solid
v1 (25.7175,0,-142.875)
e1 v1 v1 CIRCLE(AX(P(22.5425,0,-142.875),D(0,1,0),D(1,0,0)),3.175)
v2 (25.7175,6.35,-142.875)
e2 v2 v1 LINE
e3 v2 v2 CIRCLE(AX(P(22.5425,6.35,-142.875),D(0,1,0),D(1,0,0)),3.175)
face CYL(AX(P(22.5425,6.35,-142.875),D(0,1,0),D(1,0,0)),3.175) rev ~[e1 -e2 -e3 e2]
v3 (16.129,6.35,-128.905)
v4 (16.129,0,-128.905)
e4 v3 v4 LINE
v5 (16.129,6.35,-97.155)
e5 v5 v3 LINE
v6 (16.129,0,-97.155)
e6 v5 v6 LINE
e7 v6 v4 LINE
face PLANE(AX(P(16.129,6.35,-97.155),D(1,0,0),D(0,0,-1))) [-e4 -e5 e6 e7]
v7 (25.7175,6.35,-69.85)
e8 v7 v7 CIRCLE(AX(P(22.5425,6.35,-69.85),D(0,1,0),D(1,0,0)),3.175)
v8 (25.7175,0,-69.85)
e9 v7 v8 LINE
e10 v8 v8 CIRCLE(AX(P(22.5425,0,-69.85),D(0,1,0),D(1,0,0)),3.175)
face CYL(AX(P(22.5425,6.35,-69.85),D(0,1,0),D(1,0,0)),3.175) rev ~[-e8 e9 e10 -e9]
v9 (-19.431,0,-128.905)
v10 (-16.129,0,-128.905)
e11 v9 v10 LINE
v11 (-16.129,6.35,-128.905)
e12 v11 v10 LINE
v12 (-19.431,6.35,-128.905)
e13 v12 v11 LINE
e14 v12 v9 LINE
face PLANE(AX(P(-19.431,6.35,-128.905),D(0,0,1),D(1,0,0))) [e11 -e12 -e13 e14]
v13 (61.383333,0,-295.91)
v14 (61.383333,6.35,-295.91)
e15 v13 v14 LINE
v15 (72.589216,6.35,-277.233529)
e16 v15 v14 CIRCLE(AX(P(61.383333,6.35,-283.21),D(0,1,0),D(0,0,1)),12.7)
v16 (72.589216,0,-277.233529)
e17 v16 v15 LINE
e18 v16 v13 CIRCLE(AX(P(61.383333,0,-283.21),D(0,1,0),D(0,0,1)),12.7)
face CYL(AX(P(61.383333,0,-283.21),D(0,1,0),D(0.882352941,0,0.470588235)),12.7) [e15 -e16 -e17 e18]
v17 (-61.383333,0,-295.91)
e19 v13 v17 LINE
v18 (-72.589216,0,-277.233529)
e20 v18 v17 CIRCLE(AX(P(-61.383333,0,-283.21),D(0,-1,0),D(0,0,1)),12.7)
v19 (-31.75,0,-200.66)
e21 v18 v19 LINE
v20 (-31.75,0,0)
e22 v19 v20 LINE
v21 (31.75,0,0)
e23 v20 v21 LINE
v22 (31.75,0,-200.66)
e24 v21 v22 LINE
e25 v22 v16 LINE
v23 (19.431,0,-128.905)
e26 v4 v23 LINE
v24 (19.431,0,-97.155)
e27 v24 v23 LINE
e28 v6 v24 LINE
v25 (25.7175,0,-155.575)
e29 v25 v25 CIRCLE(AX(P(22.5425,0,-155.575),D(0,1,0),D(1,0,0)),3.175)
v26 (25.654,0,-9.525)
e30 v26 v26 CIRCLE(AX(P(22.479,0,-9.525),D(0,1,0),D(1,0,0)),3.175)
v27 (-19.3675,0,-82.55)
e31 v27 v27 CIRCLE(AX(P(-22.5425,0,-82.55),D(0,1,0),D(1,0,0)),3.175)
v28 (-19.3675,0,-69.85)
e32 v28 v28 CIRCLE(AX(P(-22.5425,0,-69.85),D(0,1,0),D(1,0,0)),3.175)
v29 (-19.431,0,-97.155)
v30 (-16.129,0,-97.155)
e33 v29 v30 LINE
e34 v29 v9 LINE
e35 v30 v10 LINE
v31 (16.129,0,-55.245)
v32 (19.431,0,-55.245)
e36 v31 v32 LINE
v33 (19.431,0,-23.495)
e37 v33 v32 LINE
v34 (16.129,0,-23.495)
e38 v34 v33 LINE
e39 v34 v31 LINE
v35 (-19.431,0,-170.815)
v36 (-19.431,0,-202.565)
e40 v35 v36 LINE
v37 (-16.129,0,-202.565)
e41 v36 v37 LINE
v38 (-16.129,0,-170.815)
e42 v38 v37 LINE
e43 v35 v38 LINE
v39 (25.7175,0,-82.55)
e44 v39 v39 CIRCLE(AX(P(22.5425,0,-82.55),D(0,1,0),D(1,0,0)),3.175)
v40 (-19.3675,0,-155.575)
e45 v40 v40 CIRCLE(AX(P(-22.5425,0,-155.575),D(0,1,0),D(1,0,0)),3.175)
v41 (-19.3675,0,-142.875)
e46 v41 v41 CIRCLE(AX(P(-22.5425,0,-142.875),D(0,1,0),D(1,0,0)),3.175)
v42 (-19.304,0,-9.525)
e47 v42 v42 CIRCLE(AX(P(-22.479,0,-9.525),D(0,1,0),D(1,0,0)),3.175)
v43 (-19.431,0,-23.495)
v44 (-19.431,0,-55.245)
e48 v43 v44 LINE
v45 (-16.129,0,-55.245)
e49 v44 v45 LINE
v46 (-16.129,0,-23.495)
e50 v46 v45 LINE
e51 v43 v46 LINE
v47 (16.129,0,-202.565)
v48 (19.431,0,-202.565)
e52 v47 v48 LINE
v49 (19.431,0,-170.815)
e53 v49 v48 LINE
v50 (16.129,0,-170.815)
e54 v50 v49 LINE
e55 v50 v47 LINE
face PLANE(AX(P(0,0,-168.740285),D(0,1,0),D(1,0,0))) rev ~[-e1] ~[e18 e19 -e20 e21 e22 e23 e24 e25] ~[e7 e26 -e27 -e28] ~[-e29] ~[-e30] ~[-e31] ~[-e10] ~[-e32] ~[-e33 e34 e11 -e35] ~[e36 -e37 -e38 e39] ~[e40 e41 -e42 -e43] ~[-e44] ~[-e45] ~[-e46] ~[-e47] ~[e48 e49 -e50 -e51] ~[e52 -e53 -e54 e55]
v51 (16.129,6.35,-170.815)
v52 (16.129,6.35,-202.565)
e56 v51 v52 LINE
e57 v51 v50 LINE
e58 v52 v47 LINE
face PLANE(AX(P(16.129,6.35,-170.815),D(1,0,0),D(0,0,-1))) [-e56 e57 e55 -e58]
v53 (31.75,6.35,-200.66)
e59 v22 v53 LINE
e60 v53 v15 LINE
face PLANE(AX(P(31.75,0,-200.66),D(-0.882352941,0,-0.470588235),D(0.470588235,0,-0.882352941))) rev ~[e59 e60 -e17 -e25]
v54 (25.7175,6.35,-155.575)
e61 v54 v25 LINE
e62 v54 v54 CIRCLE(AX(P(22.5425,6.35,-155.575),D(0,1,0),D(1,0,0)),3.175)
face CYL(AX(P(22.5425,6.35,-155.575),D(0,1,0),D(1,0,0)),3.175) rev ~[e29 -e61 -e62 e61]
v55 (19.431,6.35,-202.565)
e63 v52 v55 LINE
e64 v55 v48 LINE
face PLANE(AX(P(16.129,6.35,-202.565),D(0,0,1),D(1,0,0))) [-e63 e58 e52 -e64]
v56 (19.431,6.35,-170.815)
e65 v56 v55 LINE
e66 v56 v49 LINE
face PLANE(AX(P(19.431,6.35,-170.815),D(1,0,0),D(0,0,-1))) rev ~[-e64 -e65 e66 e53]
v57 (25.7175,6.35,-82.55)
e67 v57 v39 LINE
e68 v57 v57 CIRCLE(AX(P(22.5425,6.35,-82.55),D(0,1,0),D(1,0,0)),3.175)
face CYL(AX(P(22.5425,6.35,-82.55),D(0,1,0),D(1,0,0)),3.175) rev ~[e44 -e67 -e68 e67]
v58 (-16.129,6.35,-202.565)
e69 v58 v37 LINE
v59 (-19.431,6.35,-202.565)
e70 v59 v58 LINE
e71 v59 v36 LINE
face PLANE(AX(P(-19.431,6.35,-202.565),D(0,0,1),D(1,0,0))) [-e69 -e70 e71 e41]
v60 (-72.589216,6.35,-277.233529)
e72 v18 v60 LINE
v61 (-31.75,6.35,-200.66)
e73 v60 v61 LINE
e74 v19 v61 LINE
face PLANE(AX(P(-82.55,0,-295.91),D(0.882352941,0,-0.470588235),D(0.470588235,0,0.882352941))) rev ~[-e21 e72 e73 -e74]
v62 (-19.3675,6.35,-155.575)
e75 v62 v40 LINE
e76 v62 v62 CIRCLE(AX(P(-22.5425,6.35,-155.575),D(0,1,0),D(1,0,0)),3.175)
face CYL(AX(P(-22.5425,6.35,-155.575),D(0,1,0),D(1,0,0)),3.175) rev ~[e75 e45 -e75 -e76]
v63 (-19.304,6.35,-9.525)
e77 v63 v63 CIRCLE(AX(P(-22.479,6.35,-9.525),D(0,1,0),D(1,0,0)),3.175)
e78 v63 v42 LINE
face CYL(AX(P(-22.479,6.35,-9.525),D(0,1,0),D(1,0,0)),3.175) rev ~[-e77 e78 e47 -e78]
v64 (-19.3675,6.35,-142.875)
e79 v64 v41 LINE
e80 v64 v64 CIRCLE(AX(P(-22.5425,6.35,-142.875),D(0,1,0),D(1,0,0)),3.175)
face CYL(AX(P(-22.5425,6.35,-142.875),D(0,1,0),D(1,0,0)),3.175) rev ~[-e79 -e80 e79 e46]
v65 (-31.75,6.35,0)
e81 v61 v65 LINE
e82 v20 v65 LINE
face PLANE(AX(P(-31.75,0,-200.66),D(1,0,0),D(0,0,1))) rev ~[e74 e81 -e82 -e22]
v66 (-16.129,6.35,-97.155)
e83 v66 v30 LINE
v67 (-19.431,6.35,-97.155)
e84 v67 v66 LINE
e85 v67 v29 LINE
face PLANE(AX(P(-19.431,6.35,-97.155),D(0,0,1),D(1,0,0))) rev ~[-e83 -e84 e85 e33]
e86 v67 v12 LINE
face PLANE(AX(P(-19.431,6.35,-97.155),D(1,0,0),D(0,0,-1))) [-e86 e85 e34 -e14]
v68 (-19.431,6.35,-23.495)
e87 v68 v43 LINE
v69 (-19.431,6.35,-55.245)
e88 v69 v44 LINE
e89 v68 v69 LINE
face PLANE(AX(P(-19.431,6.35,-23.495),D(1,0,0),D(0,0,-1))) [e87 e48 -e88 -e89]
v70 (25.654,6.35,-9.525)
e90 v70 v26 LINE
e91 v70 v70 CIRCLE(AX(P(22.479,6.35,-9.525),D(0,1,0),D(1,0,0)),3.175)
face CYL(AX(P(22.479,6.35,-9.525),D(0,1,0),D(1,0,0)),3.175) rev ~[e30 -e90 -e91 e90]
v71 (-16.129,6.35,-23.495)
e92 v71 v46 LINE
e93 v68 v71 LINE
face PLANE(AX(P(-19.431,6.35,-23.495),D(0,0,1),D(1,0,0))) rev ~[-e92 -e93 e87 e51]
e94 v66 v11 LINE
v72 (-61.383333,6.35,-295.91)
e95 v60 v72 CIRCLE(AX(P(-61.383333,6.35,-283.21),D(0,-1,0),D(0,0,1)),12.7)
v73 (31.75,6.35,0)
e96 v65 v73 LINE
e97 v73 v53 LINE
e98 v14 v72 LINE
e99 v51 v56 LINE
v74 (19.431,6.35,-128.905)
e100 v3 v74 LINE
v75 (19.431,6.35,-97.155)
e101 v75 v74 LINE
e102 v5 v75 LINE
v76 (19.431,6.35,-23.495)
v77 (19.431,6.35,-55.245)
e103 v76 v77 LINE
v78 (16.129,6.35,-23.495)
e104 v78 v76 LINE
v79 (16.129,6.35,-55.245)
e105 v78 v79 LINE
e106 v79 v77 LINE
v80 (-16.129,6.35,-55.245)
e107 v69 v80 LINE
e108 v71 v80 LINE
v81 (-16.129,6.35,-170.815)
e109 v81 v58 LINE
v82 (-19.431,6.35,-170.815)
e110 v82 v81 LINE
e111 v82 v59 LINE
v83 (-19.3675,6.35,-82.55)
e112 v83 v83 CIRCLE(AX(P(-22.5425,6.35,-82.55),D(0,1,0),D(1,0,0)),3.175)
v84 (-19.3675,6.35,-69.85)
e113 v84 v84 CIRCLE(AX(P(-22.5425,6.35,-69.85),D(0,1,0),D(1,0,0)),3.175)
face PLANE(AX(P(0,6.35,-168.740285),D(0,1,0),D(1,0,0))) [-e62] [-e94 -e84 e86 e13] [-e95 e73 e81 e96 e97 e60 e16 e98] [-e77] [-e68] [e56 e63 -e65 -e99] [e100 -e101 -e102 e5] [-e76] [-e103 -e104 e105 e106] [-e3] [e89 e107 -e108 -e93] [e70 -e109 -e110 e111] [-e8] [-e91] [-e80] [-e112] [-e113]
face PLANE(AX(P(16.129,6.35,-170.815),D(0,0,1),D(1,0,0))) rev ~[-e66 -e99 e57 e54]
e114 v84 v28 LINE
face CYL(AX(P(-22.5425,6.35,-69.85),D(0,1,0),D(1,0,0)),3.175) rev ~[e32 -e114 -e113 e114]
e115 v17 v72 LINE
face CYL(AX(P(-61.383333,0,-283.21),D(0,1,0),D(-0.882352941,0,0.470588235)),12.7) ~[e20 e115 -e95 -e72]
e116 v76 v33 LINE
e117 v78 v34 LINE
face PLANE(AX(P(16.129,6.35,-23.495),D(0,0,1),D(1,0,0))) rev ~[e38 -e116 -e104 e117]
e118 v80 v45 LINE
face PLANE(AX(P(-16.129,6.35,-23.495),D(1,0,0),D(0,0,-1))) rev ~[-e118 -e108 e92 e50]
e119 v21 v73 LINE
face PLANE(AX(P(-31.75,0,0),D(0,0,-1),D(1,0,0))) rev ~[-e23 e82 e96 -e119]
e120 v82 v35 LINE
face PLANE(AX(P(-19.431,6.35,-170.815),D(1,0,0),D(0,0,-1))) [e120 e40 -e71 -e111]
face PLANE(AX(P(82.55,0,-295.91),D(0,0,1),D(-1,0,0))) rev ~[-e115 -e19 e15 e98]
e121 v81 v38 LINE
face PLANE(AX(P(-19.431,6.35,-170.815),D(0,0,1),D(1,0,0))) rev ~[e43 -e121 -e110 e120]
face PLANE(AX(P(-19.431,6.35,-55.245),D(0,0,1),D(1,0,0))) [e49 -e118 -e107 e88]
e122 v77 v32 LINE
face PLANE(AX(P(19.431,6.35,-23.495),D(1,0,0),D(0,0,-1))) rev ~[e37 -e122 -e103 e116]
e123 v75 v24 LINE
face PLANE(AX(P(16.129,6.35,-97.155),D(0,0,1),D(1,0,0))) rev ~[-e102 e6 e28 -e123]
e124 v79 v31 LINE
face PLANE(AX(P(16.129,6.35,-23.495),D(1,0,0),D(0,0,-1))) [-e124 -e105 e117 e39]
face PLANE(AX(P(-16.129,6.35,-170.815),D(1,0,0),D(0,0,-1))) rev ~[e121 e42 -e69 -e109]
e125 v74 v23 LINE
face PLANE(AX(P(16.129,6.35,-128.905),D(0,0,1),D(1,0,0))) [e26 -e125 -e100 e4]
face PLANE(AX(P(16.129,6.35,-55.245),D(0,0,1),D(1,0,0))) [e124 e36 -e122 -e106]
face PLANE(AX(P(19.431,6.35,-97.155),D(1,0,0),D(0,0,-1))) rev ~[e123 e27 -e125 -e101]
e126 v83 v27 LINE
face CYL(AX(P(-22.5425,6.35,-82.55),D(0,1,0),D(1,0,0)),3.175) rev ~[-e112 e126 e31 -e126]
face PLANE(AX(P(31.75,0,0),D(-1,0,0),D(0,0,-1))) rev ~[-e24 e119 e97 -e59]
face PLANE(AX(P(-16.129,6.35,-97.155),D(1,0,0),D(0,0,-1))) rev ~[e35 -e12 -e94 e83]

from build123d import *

# Parameters (mm, degrees)
BOSS_EXTRUDE1_DEPTH = 6.35
SKETCH2_W           = 3.302
SKETCH2_H           = 31.75
CUT_EXTRUDE1_DEPTH  = 7.35
SKETCH3_R           = 3.175
CUT_EXTRUDE2_DEPTH  = 7.35
FILLET1_R           = 12.7


with BuildPart() as part:
    # Sketch1 → Boss-Extrude1 (new body)
    with BuildSketch(Plane(origin=(0, 0, 0), x_dir=(1, 0, 0), z_dir=(0, 1, 0))):
        Polygon((-31.75, 0), (31.75, 0), (31.75, 200.66), (82.55, 295.91), (-82.55, 295.91), (-31.75, 200.66), align=None)
    extrude(amount=BOSS_EXTRUDE1_DEPTH)

    # Sketch2 → Cut-Extrude1 (cut, through all)
    with BuildSketch(Plane(origin=(0, 6.35, 0), x_dir=(1, 0, 0), z_dir=(0, 1, 0))):
        with Locations((-17.78, 39.37)):
            Rectangle(SKETCH2_W, SKETCH2_H)
        with Locations((-17.78, 113.03)):
            Rectangle(SKETCH2_W, SKETCH2_H)
        with Locations((-17.78, 186.69)):
            Rectangle(SKETCH2_W, SKETCH2_H)
        with Locations((17.78, 39.37)):
            Rectangle(SKETCH2_W, SKETCH2_H)
        with Locations((17.78, 113.03)):
            Rectangle(SKETCH2_W, SKETCH2_H)
        with Locations((17.78, 186.69)):
            Rectangle(SKETCH2_W, SKETCH2_H)
    extrude(amount=-CUT_EXTRUDE1_DEPTH, mode=Mode.SUBTRACT)

    # Sketch3 → Cut-Extrude2 (cut, through all)
    with BuildSketch(Plane(origin=(0, 6.35, 0), x_dir=(1, 0, 0), z_dir=(0, 1, 0))):
        with Locations((-22.5425, 155.575)):
            Circle(SKETCH3_R)
        with Locations((-22.5425, 142.875)):
            Circle(SKETCH3_R)
        with Locations((22.5425, 142.875)):
            Circle(SKETCH3_R)
        with Locations((22.5425, 155.575)):
            Circle(SKETCH3_R)
        with Locations((-22.479, 9.525)):
            Circle(SKETCH3_R)
        with Locations((22.479, 9.525)):
            Circle(SKETCH3_R)
        with Locations((-22.5425, 82.55)):
            Circle(SKETCH3_R)
        with Locations((-22.5425, 69.85)):
            Circle(SKETCH3_R)
        with Locations((22.5425, 69.85)):
            Circle(SKETCH3_R)
        with Locations((22.5425, 82.55)):
            Circle(SKETCH3_R)
    extrude(amount=-CUT_EXTRUDE2_DEPTH, mode=Mode.SUBTRACT)

    # Fillet1
    fillet1_edges = [part.edges().sort_by_distance(p)[0] for p in [
        (-82.55, 3.175, -295.91),
        (82.55, 3.175, -295.91),
    ]]
    fillet(fillet1_edges, radius=FILLET1_R)


solid = part.part
